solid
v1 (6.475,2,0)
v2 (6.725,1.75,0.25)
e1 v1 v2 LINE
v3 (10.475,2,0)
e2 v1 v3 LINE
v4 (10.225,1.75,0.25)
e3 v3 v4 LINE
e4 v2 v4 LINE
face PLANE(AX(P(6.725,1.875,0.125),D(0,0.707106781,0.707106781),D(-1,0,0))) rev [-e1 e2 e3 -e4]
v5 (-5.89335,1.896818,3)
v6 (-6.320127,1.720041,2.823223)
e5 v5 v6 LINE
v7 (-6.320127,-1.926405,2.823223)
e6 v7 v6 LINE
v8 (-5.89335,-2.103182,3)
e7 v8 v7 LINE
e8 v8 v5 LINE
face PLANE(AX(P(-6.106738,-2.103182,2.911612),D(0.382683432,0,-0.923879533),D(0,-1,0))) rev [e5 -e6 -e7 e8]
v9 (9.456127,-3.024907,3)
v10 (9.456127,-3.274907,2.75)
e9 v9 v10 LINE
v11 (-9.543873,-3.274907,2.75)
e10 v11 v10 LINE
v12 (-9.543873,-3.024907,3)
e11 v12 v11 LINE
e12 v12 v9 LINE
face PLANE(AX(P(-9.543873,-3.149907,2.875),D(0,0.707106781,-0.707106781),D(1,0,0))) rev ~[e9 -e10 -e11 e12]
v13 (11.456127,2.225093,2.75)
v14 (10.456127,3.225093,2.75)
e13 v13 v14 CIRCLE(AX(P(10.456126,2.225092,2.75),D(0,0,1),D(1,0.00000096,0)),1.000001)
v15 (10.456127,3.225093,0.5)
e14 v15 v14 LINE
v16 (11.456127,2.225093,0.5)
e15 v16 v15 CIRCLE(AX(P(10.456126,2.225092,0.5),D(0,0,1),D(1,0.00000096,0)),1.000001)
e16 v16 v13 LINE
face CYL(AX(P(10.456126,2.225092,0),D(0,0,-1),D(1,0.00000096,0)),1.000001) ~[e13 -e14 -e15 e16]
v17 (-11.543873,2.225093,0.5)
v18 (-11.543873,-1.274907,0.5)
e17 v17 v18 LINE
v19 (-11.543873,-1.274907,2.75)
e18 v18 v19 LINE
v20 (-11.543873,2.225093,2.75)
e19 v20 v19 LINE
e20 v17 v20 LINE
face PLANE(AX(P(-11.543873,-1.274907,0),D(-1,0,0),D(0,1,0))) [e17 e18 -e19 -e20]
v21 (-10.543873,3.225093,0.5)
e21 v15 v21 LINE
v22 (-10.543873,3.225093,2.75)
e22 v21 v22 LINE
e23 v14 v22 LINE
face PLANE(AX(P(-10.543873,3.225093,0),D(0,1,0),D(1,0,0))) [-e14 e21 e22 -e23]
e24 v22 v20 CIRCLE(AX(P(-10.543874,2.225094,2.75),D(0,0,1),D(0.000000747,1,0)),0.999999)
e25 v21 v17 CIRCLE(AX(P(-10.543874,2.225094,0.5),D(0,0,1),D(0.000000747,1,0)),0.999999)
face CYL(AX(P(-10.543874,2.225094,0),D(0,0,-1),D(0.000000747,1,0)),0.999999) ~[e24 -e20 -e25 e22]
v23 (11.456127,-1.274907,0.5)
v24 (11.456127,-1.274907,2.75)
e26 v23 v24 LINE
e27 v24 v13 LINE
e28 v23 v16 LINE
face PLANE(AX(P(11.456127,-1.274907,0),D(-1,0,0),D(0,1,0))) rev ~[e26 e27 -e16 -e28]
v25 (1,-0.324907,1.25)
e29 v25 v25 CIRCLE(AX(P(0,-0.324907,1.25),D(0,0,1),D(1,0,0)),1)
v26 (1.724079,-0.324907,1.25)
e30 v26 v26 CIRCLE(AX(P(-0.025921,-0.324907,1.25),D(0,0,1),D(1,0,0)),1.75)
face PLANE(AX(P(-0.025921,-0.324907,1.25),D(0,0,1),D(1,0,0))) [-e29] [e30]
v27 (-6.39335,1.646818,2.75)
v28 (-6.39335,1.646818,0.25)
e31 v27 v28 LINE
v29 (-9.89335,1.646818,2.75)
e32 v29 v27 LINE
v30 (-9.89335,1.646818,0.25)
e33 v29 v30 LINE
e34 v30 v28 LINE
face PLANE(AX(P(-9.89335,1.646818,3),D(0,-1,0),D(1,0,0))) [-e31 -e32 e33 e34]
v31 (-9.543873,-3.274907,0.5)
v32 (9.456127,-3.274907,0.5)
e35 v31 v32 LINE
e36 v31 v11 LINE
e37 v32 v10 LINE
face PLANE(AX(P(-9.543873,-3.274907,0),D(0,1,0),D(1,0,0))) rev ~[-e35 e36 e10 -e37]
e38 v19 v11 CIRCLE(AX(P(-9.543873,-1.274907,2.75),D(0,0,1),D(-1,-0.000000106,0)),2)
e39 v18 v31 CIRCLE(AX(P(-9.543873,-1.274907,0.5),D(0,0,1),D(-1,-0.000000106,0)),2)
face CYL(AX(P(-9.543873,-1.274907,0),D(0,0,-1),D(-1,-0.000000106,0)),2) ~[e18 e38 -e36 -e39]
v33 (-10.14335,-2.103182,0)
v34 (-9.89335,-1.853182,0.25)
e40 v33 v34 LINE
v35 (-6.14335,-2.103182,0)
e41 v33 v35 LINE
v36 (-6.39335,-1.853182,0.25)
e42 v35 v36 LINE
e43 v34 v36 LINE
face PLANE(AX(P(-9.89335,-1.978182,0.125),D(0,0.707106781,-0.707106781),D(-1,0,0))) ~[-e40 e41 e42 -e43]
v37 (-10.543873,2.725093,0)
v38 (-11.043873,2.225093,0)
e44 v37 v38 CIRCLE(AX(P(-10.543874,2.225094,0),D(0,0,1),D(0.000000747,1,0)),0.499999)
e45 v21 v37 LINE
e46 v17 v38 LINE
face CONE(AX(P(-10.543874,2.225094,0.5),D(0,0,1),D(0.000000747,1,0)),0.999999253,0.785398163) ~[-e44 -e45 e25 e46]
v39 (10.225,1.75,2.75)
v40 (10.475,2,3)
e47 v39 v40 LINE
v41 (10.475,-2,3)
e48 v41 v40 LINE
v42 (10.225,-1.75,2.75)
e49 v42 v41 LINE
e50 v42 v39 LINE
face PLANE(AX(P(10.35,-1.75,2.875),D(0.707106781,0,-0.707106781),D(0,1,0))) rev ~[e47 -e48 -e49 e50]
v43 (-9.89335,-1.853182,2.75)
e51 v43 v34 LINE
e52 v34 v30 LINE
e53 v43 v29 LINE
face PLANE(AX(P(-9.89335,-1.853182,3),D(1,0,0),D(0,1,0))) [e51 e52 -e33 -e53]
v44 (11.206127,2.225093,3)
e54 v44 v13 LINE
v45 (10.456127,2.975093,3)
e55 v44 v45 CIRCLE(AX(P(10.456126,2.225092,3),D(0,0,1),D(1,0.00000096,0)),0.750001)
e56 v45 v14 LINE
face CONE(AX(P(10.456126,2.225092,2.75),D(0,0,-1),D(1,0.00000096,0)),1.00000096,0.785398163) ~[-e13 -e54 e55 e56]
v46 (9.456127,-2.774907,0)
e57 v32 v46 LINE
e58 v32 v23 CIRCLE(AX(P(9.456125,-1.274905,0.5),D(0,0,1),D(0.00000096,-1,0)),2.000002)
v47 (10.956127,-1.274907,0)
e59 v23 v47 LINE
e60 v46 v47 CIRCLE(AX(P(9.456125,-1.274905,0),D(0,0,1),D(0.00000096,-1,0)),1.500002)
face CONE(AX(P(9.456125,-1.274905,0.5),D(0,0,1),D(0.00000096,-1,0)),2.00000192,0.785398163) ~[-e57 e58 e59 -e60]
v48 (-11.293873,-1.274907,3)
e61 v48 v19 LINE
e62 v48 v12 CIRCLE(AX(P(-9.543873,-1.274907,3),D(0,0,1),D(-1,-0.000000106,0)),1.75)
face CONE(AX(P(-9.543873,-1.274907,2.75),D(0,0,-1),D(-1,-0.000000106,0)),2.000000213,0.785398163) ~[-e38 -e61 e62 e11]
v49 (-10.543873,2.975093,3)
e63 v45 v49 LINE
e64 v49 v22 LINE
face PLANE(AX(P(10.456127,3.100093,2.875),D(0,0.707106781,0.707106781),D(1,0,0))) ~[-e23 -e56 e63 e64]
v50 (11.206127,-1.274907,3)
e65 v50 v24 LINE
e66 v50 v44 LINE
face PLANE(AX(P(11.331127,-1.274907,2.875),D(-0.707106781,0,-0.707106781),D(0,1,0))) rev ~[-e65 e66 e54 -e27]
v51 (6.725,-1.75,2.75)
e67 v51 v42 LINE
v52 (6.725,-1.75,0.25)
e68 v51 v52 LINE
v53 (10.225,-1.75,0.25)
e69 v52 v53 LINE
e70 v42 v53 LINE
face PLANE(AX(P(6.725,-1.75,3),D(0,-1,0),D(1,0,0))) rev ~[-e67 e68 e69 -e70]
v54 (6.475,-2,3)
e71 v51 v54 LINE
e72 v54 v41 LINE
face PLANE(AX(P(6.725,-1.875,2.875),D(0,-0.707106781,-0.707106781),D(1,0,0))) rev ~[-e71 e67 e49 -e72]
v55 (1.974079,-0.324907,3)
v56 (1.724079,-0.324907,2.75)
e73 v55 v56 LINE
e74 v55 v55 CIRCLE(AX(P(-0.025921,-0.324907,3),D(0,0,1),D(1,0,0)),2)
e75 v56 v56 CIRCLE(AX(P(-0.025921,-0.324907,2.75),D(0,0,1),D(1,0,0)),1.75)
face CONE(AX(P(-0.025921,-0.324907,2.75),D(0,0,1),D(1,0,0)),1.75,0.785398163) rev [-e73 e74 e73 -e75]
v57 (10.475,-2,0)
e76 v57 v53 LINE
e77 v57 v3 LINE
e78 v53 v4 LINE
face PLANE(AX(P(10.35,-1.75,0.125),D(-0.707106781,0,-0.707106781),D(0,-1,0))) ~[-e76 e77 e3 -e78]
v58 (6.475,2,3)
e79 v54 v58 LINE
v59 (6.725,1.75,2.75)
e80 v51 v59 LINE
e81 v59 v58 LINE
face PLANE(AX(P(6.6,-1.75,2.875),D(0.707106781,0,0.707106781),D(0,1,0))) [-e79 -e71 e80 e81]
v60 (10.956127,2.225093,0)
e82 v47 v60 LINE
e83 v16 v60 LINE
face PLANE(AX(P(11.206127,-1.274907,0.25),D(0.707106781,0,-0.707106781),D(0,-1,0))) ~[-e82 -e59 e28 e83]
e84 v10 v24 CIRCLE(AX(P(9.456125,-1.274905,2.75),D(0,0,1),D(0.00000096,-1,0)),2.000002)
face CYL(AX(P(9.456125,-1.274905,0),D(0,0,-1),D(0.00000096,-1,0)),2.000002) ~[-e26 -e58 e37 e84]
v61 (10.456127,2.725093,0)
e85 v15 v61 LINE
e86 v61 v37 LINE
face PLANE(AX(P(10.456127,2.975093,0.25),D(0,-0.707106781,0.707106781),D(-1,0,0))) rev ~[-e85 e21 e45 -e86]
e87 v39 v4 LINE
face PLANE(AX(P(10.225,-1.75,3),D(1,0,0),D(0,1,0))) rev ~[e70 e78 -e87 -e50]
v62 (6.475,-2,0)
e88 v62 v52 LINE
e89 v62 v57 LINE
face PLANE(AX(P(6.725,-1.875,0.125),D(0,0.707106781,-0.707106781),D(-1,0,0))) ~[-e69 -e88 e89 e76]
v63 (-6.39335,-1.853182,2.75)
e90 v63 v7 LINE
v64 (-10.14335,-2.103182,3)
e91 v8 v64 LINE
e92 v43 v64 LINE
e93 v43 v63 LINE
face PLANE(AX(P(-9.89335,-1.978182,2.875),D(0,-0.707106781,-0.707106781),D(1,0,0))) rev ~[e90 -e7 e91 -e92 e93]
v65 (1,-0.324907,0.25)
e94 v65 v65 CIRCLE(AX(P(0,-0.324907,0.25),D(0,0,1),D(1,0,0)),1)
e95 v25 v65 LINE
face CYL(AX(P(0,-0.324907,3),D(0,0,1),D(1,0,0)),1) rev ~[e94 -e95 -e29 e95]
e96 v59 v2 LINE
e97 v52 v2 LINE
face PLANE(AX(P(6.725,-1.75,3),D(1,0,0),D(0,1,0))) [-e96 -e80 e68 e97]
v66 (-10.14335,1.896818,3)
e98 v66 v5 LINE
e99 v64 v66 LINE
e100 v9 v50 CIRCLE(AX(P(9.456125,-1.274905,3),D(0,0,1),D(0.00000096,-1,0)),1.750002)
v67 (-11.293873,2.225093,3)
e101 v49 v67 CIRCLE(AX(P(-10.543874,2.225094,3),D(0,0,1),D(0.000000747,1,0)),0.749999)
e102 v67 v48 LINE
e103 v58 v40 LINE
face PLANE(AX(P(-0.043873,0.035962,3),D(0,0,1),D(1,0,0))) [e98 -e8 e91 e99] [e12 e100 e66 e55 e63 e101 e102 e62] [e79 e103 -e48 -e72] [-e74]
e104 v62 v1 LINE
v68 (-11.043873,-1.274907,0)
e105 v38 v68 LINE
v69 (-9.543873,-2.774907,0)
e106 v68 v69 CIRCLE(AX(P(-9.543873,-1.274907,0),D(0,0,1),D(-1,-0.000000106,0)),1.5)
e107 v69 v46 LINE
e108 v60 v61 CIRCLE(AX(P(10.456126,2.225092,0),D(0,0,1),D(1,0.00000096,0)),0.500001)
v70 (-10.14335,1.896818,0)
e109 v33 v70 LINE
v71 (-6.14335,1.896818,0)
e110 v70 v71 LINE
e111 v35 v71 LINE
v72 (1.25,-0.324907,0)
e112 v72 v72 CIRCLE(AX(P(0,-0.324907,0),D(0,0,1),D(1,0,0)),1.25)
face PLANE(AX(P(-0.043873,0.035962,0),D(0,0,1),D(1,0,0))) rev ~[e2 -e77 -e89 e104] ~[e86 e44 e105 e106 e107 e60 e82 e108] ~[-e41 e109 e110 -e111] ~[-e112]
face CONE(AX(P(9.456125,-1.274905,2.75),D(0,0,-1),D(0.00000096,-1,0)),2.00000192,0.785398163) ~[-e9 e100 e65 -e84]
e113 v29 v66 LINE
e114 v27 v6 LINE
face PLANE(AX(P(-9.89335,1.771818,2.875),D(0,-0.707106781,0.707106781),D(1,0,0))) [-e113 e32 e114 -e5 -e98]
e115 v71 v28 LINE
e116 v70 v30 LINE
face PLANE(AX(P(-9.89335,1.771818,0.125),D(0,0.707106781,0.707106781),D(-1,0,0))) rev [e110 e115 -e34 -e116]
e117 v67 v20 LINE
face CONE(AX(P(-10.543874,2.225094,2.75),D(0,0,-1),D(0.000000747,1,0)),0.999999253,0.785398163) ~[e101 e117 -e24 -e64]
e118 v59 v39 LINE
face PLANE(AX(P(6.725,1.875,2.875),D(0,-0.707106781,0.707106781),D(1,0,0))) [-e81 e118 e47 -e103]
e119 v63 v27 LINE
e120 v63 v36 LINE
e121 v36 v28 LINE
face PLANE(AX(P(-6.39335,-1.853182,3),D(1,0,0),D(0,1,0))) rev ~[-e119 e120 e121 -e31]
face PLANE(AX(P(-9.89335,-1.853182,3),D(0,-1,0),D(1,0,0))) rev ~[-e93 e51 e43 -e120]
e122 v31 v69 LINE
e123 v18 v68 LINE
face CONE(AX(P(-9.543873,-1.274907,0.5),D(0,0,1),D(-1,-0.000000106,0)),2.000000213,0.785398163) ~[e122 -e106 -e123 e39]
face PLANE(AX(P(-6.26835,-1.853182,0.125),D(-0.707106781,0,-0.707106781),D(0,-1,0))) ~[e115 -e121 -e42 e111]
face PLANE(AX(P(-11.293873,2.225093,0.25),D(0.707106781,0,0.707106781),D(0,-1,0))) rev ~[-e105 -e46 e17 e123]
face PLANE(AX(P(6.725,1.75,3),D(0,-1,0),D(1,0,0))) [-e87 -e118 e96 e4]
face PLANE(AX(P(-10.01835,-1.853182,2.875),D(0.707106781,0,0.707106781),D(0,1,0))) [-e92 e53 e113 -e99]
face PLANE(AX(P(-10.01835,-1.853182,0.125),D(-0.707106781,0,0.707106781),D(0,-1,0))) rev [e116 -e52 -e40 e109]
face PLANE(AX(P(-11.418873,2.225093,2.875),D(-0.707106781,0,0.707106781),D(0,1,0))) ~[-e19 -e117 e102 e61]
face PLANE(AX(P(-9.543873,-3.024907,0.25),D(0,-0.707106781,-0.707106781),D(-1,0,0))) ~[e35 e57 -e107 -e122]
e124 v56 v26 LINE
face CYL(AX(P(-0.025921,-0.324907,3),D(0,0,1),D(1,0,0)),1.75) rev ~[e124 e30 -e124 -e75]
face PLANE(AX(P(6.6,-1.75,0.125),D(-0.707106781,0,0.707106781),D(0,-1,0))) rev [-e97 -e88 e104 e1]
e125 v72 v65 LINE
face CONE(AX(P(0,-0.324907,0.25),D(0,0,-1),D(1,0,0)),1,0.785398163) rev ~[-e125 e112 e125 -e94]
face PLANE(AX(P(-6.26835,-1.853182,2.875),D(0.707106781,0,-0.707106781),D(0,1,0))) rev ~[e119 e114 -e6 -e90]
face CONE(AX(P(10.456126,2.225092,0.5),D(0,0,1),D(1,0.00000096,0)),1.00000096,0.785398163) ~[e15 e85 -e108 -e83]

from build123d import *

# Parameters (mm, degrees)
PAD_DEPTH       = 3
CHAMFER_SIZE    = 0.5
SKETCH005_W     = 3.5
SKETCH005_H     = 3.5
POCKET_DEPTH    = 3.001
SKETCH003_R     = 1
POCKET004_DEPTH = 3.001
CHAMFER005_SIZE = 0.25
CHAMFER008_SIZE = 0.25
CHAMFER009_SIZE = 0.25
SKETCH010_R     = 1.75
POCKET005_DEPTH = 1.75
CHAMFER010_SIZE = 0.25
CHAMFER011_SIZE = 0.25


with BuildPart() as part:
    # Sketch → Pad (new body)
    with BuildSketch(Plane.XY):
        with BuildLine():
            Line((-9.543873, -3.274907), (9.456127, -3.274907))
            ThreePointArc((9.456127, -3.274907), (10.87034, -2.68912), (11.456127, -1.274907))
            Line((11.456127, -1.274907), (11.456127, 2.225093))
            ThreePointArc((11.456127, 2.225093), (11.163233, 2.9322), (10.456127, 3.225093))
            Line((-10.543873, 3.225093), (10.456127, 3.225093))
            ThreePointArc((-10.543873, 3.225093), (-11.25098, 2.9322), (-11.543873, 2.225093))
            Line((-11.543873, -1.274907), (-11.543873, 2.225093))
            ThreePointArc((-11.543873, -1.274907), (-10.958087, -2.68912), (-9.543873, -3.274907))
        make_face()
    extrude(amount=PAD_DEPTH)

    # Chamfer
    chamfer_edges = [part.edges().sort_by_distance(p)[0] for p in [
        (-0.043873, -3.274907, 0),
        (-10.958087, -2.68912, 0),
        (-10.543873, 3.225093, 1.5),
        (11.163233, 2.9322, 0),
        (11.456127, 0.475093, 0),
        (10.87034, -2.68912, 0),
    ]]
    chamfer(chamfer_edges, length=CHAMFER_SIZE)

    # Sketch005 (on DatumPlane) → Pocket (cut, through all)
    with BuildSketch(Plane.XY.offset(3)):
        with Locations((-8.14335, -0.103182)):
            Rectangle(SKETCH005_W, SKETCH005_H)
        with Locations((8.475, 0)):
            Rectangle(SKETCH005_W, SKETCH005_H)
    extrude(amount=-POCKET_DEPTH, mode=Mode.SUBTRACT)

    # Sketch003 (on DatumPlane) → Pocket004 (cut, through all)
    with BuildSketch(Plane.XY.offset(3)):
        with Locations((0, -0.324907)):
            Circle(SKETCH003_R)
    extrude(amount=-POCKET004_DEPTH, mode=Mode.SUBTRACT)

    # Chamfer005
    chamfer005_edges = [part.edges().sort_by_distance(p)[0] for p in [
        (11.456127, 0.475093, 3),
        (10.87034, -2.68912, 3),
        (-0.043873, -3.274907, 3),
        (-10.958087, -2.68912, 3),
        (-11.543873, 0.475093, 3),
        (-11.25098, 2.9322, 3),
        (-0.043873, 3.225093, 3),
        (11.163233, 2.9322, 3),
    ]]
    chamfer(chamfer005_edges, length=CHAMFER005_SIZE)

    # Chamfer008
    chamfer008_edges = [part.edges().sort_by_distance(p)[0] for p in [
        (8.475, -1.75, 0),
        (6.725, 0, 0),
        (8.475, 1.75, 0),
        (10.225, 0, 0),
        (-9.89335, -0.103182, 0),
        (-8.14335, 1.646818, 0),
        (-1, -0.324907, 0),
        (-6.39335, -0.103182, 0),
        (-8.14335, -1.853182, 0),
    ]]
    chamfer(chamfer008_edges, length=CHAMFER008_SIZE)

    # Chamfer009
    chamfer009_edges = [part.edges().sort_by_distance(p)[0] for p in [
        (6.725, 0, 3),
        (8.475, -1.75, 3),
        (10.225, 0, 3),
        (8.475, 1.75, 3),
        (-6.39335, -0.103182, 3),
        (-8.14335, -1.853182, 3),
        (-9.89335, -0.103182, 3),
        (-8.14335, 1.646818, 3),
    ]]
    chamfer(chamfer009_edges, length=CHAMFER009_SIZE)

    # Sketch010 (on Face10 of Chamfer009) → Pocket005 (cut)
    with BuildSketch(Plane.XY.offset(3)):
        with Locations((-0.025921, -0.324907)):
            Circle(SKETCH010_R)
    extrude(amount=-POCKET005_DEPTH, mode=Mode.SUBTRACT)

    # Chamfer010
    chamfer010_edges = [part.edges().sort_by_distance(p)[0] for p in [
        (-6.14335, -0.103182, 3),
    ]]
    chamfer(chamfer010_edges, length=CHAMFER010_SIZE)

    # Chamfer011
    chamfer011_edges = [part.edges().sort_by_distance(p)[0] for p in [
        (-1.775921, -0.324907, 3),
    ]]
    chamfer(chamfer011_edges, length=CHAMFER011_SIZE)


solid = part.part
